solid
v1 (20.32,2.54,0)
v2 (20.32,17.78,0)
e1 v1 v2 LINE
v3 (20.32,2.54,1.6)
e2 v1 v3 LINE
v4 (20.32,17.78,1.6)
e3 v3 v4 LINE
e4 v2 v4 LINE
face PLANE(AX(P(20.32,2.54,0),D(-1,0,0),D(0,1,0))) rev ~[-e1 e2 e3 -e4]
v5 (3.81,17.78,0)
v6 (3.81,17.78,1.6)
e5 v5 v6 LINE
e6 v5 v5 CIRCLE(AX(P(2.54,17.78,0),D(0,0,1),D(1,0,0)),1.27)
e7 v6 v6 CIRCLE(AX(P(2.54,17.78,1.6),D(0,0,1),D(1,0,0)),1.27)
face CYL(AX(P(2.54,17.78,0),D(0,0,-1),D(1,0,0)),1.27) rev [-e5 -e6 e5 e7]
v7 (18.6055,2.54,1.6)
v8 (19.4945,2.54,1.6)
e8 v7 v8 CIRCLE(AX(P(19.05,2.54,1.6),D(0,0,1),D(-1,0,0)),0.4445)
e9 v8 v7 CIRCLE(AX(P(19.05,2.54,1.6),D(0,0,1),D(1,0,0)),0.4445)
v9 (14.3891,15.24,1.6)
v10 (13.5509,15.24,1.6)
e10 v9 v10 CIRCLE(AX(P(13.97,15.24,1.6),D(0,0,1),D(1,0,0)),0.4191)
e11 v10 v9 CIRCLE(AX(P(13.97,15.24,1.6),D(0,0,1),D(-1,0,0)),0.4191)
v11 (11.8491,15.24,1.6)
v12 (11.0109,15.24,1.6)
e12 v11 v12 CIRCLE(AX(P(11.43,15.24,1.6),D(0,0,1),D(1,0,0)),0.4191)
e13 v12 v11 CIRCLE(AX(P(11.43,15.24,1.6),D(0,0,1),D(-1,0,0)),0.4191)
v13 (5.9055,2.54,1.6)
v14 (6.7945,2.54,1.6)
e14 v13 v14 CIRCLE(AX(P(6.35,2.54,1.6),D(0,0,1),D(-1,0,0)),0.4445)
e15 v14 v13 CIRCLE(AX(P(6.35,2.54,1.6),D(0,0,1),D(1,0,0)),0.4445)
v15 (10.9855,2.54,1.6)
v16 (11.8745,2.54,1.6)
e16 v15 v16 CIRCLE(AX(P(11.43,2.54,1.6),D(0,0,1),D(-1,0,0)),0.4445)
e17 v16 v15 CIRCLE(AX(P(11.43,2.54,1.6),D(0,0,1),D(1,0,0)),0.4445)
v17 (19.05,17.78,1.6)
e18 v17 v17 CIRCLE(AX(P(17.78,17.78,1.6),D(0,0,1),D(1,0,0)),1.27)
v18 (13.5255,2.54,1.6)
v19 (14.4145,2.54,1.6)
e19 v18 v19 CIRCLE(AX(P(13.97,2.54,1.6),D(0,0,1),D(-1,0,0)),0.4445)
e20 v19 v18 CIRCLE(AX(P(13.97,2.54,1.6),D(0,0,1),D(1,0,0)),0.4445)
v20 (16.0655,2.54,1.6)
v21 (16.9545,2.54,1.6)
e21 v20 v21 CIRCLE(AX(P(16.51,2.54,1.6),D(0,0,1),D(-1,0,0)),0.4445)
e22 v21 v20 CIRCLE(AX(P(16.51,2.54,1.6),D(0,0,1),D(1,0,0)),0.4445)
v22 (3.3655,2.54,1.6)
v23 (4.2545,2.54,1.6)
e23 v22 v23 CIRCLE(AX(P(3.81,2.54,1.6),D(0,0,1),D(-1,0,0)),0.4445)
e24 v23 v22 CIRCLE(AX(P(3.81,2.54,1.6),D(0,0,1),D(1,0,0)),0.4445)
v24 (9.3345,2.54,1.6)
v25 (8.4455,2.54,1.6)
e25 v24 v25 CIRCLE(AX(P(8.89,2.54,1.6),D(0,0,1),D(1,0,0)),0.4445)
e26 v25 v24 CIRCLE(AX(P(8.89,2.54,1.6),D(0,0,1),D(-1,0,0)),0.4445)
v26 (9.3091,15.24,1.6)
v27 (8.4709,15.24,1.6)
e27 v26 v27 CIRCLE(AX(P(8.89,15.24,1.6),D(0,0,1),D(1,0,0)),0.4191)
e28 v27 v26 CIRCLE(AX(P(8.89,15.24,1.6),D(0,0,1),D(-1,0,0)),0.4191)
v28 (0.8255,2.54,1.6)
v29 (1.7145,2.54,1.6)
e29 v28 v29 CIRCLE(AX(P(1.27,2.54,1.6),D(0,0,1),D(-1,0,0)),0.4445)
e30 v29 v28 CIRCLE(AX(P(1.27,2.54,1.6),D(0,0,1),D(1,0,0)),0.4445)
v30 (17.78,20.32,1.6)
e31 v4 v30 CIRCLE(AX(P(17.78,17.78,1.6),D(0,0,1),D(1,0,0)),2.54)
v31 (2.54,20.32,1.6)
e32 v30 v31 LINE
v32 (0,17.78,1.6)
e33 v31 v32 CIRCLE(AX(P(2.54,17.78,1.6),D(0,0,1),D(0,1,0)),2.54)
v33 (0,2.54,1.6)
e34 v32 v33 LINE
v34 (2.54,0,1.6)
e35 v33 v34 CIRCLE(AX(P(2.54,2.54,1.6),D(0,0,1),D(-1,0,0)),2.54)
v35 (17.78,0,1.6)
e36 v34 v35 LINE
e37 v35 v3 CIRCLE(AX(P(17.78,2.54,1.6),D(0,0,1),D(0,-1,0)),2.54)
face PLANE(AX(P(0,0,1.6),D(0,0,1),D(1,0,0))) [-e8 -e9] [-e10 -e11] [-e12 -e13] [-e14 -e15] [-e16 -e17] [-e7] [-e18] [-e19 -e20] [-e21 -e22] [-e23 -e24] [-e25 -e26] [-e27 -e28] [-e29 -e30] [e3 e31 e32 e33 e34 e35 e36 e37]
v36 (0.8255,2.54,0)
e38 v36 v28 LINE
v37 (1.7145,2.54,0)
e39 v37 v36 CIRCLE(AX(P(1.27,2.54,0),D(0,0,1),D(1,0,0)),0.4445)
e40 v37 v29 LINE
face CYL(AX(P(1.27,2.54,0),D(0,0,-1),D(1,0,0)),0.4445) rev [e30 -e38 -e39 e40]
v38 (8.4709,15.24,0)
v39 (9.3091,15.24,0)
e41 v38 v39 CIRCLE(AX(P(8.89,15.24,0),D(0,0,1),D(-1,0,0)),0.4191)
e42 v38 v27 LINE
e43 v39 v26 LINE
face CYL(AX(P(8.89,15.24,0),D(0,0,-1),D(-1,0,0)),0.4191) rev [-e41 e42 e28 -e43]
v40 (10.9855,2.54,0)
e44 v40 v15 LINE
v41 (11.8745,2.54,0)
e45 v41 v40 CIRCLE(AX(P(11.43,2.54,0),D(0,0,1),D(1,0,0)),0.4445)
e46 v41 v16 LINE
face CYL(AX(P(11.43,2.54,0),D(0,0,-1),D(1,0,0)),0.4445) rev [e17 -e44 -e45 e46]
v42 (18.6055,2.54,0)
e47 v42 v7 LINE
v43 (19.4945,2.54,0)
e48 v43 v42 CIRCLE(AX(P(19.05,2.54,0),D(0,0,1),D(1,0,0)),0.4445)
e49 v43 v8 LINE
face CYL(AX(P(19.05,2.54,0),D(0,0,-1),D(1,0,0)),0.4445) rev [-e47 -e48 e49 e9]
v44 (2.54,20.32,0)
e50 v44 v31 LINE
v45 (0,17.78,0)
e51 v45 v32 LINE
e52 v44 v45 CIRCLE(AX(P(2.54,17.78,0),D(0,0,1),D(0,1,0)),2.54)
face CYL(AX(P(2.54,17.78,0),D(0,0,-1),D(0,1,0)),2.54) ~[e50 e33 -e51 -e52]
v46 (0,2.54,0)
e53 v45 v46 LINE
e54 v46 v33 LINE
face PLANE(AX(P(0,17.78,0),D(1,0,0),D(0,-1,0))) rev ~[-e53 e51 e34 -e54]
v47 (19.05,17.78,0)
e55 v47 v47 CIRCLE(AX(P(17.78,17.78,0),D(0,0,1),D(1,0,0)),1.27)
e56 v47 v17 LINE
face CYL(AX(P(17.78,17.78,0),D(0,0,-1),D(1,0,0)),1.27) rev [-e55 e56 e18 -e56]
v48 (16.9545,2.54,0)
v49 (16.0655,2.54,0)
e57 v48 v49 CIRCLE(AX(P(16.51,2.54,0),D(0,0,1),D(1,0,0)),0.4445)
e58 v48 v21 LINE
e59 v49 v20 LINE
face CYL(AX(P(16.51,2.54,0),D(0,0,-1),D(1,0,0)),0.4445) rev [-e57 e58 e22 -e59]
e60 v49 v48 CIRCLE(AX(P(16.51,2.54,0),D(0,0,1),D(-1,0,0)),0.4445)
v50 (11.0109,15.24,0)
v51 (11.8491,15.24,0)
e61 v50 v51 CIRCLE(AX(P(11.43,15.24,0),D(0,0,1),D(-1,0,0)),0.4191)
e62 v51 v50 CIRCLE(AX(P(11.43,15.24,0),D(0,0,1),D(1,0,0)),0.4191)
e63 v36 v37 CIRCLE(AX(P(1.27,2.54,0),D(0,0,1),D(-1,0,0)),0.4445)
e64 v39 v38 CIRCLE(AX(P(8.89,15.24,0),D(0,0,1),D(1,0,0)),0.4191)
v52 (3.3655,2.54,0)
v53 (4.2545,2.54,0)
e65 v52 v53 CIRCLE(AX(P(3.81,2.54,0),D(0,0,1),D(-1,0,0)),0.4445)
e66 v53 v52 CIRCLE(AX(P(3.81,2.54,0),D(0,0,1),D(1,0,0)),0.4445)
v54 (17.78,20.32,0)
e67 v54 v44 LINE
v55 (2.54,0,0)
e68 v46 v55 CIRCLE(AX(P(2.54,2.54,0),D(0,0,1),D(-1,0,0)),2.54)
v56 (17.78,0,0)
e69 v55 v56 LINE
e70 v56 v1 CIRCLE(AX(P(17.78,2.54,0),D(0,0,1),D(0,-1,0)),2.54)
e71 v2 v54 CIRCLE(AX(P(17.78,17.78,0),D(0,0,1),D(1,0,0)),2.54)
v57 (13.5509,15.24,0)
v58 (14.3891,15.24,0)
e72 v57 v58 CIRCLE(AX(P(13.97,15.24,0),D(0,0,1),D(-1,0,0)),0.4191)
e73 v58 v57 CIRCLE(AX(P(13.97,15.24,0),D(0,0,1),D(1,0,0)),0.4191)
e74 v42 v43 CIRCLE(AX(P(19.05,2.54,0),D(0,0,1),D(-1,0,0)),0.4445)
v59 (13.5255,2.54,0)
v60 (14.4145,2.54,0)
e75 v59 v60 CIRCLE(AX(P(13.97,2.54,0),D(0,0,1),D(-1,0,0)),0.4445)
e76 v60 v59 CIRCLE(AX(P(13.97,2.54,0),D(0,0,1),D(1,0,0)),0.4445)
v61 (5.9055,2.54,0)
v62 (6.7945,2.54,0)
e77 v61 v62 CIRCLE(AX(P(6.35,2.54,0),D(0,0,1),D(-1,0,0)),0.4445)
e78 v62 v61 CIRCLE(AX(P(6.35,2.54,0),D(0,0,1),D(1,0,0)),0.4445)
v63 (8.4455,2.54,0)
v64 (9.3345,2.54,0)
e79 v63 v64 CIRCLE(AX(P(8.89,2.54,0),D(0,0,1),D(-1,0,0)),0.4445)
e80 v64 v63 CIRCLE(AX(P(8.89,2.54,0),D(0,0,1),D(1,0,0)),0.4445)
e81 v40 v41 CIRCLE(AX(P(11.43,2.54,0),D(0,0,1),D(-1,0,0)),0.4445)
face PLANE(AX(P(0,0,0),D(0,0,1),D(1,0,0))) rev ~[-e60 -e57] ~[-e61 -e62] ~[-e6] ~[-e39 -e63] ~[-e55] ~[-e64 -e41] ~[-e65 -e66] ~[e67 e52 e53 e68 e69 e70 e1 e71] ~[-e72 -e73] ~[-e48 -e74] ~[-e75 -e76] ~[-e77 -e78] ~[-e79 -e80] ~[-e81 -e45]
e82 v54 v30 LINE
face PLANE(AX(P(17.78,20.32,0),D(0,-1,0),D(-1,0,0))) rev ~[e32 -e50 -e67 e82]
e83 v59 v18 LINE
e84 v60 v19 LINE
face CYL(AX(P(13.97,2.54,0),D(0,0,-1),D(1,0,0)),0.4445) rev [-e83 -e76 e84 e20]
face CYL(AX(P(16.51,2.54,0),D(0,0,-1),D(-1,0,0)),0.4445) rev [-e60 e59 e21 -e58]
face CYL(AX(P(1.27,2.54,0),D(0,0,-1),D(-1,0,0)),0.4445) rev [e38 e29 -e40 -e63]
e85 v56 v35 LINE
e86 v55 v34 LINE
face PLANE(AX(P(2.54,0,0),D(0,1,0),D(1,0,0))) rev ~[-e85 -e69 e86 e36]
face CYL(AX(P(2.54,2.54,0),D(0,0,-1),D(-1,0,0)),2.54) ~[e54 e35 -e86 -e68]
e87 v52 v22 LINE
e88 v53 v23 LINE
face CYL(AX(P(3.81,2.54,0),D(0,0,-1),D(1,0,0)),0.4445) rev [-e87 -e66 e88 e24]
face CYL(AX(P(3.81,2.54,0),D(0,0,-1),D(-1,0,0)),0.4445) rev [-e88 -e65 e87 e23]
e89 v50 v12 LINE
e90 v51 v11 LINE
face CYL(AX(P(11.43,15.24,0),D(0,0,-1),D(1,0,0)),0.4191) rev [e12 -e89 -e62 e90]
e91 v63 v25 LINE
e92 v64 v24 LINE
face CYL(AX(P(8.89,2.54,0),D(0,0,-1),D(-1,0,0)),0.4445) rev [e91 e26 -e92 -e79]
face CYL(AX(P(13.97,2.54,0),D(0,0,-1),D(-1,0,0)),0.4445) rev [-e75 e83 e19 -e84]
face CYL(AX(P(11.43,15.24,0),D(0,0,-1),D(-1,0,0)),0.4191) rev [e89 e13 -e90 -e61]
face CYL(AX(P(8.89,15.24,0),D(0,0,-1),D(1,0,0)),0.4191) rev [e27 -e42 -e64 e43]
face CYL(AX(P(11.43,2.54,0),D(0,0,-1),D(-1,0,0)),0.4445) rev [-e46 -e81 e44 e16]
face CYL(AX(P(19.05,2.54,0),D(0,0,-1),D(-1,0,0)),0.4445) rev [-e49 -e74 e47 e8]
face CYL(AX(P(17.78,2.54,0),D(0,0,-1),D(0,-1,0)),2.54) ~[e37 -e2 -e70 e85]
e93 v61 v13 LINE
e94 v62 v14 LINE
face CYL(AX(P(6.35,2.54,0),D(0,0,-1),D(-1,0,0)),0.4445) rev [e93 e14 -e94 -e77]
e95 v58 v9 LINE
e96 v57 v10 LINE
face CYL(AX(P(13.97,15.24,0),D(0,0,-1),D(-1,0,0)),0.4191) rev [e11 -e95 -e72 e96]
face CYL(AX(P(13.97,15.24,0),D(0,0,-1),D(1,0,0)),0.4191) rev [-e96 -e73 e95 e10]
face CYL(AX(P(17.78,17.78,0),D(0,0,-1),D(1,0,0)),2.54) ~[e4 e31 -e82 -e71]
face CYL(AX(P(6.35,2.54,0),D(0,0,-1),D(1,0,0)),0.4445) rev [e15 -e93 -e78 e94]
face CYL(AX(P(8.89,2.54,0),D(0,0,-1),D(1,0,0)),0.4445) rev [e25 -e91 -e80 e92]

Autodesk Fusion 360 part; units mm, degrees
sketch "Adafruit LIS3DH" plane through (0, 0, 0) normal (0, 0, 1) x (1, 0, 0)
  arc A0 (20.32, 17.78) -> (17.78, 20.32) centre (17.78, 17.78) ccw
  arc A1 (0, 2.54) -> (2.54, 0) centre (2.54, 2.54) ccw
  arc A2 (2.54, 20.32) -> (0, 17.78) centre (2.54, 17.78) ccw
  line L0 (17.78, 20.32) -> (2.54, 20.32)
  line L1 (2.54, 0) -> (17.78, 0)
  line L2 (0, 17.78) -> (0, 2.54)
  line L3 (20.32, 2.54) -> (20.32, 17.78)
  arc A3 (17.78, 0) -> (20.32, 2.54) centre (17.78, 2.54) ccw
  arc A4 (11.8745, 2.54) -> (10.9855, 2.54) centre (11.43, 2.54) ccw
  arc A5 (10.9855, 2.54) -> (11.8745, 2.54) centre (11.43, 2.54) ccw
  arc A6 (5.9055, 2.54) -> (6.7945, 2.54) centre (6.35, 2.54) ccw
  arc A7 (11.8491, 15.24) -> (11.0109, 15.24) centre (11.43, 15.24) ccw
  arc A8 (6.7945, 2.54) -> (5.9055, 2.54) centre (6.35, 2.54) ccw
  arc A9 (13.5509, 15.24) -> (14.3891, 15.24) centre (13.97, 15.24) ccw
  arc A10 (9.3091, 15.24) -> (8.4709, 15.24) centre (8.89, 15.24) ccw
  arc A11 (9.3345, 2.54) -> (8.4455, 2.54) centre (8.89, 2.54) ccw
  arc A12 (5.9055, 2.54) -> (6.7945, 2.54) centre (6.35, 2.54) ccw
  arc A13 (8.4709, 15.24) -> (9.3091, 15.24) centre (8.89, 15.24) ccw
  arc A14 (19.4945, 2.54) -> (18.6055, 2.54) centre (19.05, 2.54) ccw
  arc A15 (3.3655, 2.54) -> (4.2545, 2.54) centre (3.81, 2.54) ccw
  arc A16 (11.8491, 15.24) -> (11.0109, 15.24) centre (11.43, 15.24) ccw
  arc A17 (1.7145, 2.54) -> (0.8255, 2.54) centre (1.27, 2.54) ccw
  arc A18 (18.6055, 2.54) -> (19.4945, 2.54) centre (19.05, 2.54) ccw
  arc A19 (14.3891, 15.24) -> (13.5509, 15.24) centre (13.97, 15.24) ccw
  arc A20 (19.4945, 2.54) -> (18.6055, 2.54) centre (19.05, 2.54) ccw
  arc A21 (14.3891, 15.24) -> (13.5509, 15.24) centre (13.97, 15.24) ccw
  arc A22 (11.0109, 15.24) -> (11.8491, 15.24) centre (11.43, 15.24) ccw
  arc A23 (8.4455, 2.54) -> (9.3345, 2.54) centre (8.89, 2.54) ccw
  arc A24 (1.7145, 2.54) -> (0.8255, 2.54) centre (1.27, 2.54) ccw
  arc A25 (13.5255, 2.54) -> (14.4145, 2.54) centre (13.97, 2.54) ccw
  arc A26 (16.0655, 2.54) -> (16.9545, 2.54) centre (16.51, 2.54) ccw
  arc A27 (6.7945, 2.54) -> (5.9055, 2.54) centre (6.35, 2.54) ccw
  arc A28 (16.0655, 2.54) -> (16.9545, 2.54) centre (16.51, 2.54) ccw
  arc A29 (0.8255, 2.54) -> (1.7145, 2.54) centre (1.27, 2.54) ccw
  arc A30 (3.3655, 2.54) -> (4.2545, 2.54) centre (3.81, 2.54) ccw
  arc A31 (8.4455, 2.54) -> (9.3345, 2.54) centre (8.89, 2.54) ccw
  arc A32 (4.2545, 2.54) -> (3.3655, 2.54) centre (3.81, 2.54) ccw
  arc A33 (9.3091, 15.24) -> (8.4709, 15.24) centre (8.89, 15.24) ccw
  arc A34 (13.5255, 2.54) -> (14.4145, 2.54) centre (13.97, 2.54) ccw
  arc A35 (0.8255, 2.54) -> (1.7145, 2.54) centre (1.27, 2.54) ccw
  arc A36 (18.6055, 2.54) -> (19.4945, 2.54) centre (19.05, 2.54) ccw
  arc A37 (8.4709, 15.24) -> (9.3091, 15.24) centre (8.89, 15.24) ccw
  arc A38 (10.9855, 2.54) -> (11.8745, 2.54) centre (11.43, 2.54) ccw
  arc A39 (16.9545, 2.54) -> (16.0655, 2.54) centre (16.51, 2.54) ccw
  arc A40 (13.5509, 15.24) -> (14.3891, 15.24) centre (13.97, 15.24) ccw
  arc A41 (14.4145, 2.54) -> (13.5255, 2.54) centre (13.97, 2.54) ccw
  arc A42 (16.9545, 2.54) -> (16.0655, 2.54) centre (16.51, 2.54) ccw
  arc A43 (11.8745, 2.54) -> (10.9855, 2.54) centre (11.43, 2.54) ccw
  arc A44 (4.2545, 2.54) -> (3.3655, 2.54) centre (3.81, 2.54) ccw
  arc A45 (11.0109, 15.24) -> (11.8491, 15.24) centre (11.43, 15.24) ccw
  arc A46 (9.3345, 2.54) -> (8.4455, 2.54) centre (8.89, 2.54) ccw
  arc A47 (14.4145, 2.54) -> (13.5255, 2.54) centre (13.97, 2.54) ccw
  circle A48 centre (2.54, 17.78) radius 1.27
  circle A49 centre (17.78, 17.78) radius 1.27
  dimension "d3" = 2.54
  dimension "d4" = 2.54
  dimension "d5" = 17.78
  dimension "d6" = 2.54
  dimension "d7" = 17.78
extrude "Extrude1" add sketch "Adafruit LIS3DH" along normal blind 1.6
